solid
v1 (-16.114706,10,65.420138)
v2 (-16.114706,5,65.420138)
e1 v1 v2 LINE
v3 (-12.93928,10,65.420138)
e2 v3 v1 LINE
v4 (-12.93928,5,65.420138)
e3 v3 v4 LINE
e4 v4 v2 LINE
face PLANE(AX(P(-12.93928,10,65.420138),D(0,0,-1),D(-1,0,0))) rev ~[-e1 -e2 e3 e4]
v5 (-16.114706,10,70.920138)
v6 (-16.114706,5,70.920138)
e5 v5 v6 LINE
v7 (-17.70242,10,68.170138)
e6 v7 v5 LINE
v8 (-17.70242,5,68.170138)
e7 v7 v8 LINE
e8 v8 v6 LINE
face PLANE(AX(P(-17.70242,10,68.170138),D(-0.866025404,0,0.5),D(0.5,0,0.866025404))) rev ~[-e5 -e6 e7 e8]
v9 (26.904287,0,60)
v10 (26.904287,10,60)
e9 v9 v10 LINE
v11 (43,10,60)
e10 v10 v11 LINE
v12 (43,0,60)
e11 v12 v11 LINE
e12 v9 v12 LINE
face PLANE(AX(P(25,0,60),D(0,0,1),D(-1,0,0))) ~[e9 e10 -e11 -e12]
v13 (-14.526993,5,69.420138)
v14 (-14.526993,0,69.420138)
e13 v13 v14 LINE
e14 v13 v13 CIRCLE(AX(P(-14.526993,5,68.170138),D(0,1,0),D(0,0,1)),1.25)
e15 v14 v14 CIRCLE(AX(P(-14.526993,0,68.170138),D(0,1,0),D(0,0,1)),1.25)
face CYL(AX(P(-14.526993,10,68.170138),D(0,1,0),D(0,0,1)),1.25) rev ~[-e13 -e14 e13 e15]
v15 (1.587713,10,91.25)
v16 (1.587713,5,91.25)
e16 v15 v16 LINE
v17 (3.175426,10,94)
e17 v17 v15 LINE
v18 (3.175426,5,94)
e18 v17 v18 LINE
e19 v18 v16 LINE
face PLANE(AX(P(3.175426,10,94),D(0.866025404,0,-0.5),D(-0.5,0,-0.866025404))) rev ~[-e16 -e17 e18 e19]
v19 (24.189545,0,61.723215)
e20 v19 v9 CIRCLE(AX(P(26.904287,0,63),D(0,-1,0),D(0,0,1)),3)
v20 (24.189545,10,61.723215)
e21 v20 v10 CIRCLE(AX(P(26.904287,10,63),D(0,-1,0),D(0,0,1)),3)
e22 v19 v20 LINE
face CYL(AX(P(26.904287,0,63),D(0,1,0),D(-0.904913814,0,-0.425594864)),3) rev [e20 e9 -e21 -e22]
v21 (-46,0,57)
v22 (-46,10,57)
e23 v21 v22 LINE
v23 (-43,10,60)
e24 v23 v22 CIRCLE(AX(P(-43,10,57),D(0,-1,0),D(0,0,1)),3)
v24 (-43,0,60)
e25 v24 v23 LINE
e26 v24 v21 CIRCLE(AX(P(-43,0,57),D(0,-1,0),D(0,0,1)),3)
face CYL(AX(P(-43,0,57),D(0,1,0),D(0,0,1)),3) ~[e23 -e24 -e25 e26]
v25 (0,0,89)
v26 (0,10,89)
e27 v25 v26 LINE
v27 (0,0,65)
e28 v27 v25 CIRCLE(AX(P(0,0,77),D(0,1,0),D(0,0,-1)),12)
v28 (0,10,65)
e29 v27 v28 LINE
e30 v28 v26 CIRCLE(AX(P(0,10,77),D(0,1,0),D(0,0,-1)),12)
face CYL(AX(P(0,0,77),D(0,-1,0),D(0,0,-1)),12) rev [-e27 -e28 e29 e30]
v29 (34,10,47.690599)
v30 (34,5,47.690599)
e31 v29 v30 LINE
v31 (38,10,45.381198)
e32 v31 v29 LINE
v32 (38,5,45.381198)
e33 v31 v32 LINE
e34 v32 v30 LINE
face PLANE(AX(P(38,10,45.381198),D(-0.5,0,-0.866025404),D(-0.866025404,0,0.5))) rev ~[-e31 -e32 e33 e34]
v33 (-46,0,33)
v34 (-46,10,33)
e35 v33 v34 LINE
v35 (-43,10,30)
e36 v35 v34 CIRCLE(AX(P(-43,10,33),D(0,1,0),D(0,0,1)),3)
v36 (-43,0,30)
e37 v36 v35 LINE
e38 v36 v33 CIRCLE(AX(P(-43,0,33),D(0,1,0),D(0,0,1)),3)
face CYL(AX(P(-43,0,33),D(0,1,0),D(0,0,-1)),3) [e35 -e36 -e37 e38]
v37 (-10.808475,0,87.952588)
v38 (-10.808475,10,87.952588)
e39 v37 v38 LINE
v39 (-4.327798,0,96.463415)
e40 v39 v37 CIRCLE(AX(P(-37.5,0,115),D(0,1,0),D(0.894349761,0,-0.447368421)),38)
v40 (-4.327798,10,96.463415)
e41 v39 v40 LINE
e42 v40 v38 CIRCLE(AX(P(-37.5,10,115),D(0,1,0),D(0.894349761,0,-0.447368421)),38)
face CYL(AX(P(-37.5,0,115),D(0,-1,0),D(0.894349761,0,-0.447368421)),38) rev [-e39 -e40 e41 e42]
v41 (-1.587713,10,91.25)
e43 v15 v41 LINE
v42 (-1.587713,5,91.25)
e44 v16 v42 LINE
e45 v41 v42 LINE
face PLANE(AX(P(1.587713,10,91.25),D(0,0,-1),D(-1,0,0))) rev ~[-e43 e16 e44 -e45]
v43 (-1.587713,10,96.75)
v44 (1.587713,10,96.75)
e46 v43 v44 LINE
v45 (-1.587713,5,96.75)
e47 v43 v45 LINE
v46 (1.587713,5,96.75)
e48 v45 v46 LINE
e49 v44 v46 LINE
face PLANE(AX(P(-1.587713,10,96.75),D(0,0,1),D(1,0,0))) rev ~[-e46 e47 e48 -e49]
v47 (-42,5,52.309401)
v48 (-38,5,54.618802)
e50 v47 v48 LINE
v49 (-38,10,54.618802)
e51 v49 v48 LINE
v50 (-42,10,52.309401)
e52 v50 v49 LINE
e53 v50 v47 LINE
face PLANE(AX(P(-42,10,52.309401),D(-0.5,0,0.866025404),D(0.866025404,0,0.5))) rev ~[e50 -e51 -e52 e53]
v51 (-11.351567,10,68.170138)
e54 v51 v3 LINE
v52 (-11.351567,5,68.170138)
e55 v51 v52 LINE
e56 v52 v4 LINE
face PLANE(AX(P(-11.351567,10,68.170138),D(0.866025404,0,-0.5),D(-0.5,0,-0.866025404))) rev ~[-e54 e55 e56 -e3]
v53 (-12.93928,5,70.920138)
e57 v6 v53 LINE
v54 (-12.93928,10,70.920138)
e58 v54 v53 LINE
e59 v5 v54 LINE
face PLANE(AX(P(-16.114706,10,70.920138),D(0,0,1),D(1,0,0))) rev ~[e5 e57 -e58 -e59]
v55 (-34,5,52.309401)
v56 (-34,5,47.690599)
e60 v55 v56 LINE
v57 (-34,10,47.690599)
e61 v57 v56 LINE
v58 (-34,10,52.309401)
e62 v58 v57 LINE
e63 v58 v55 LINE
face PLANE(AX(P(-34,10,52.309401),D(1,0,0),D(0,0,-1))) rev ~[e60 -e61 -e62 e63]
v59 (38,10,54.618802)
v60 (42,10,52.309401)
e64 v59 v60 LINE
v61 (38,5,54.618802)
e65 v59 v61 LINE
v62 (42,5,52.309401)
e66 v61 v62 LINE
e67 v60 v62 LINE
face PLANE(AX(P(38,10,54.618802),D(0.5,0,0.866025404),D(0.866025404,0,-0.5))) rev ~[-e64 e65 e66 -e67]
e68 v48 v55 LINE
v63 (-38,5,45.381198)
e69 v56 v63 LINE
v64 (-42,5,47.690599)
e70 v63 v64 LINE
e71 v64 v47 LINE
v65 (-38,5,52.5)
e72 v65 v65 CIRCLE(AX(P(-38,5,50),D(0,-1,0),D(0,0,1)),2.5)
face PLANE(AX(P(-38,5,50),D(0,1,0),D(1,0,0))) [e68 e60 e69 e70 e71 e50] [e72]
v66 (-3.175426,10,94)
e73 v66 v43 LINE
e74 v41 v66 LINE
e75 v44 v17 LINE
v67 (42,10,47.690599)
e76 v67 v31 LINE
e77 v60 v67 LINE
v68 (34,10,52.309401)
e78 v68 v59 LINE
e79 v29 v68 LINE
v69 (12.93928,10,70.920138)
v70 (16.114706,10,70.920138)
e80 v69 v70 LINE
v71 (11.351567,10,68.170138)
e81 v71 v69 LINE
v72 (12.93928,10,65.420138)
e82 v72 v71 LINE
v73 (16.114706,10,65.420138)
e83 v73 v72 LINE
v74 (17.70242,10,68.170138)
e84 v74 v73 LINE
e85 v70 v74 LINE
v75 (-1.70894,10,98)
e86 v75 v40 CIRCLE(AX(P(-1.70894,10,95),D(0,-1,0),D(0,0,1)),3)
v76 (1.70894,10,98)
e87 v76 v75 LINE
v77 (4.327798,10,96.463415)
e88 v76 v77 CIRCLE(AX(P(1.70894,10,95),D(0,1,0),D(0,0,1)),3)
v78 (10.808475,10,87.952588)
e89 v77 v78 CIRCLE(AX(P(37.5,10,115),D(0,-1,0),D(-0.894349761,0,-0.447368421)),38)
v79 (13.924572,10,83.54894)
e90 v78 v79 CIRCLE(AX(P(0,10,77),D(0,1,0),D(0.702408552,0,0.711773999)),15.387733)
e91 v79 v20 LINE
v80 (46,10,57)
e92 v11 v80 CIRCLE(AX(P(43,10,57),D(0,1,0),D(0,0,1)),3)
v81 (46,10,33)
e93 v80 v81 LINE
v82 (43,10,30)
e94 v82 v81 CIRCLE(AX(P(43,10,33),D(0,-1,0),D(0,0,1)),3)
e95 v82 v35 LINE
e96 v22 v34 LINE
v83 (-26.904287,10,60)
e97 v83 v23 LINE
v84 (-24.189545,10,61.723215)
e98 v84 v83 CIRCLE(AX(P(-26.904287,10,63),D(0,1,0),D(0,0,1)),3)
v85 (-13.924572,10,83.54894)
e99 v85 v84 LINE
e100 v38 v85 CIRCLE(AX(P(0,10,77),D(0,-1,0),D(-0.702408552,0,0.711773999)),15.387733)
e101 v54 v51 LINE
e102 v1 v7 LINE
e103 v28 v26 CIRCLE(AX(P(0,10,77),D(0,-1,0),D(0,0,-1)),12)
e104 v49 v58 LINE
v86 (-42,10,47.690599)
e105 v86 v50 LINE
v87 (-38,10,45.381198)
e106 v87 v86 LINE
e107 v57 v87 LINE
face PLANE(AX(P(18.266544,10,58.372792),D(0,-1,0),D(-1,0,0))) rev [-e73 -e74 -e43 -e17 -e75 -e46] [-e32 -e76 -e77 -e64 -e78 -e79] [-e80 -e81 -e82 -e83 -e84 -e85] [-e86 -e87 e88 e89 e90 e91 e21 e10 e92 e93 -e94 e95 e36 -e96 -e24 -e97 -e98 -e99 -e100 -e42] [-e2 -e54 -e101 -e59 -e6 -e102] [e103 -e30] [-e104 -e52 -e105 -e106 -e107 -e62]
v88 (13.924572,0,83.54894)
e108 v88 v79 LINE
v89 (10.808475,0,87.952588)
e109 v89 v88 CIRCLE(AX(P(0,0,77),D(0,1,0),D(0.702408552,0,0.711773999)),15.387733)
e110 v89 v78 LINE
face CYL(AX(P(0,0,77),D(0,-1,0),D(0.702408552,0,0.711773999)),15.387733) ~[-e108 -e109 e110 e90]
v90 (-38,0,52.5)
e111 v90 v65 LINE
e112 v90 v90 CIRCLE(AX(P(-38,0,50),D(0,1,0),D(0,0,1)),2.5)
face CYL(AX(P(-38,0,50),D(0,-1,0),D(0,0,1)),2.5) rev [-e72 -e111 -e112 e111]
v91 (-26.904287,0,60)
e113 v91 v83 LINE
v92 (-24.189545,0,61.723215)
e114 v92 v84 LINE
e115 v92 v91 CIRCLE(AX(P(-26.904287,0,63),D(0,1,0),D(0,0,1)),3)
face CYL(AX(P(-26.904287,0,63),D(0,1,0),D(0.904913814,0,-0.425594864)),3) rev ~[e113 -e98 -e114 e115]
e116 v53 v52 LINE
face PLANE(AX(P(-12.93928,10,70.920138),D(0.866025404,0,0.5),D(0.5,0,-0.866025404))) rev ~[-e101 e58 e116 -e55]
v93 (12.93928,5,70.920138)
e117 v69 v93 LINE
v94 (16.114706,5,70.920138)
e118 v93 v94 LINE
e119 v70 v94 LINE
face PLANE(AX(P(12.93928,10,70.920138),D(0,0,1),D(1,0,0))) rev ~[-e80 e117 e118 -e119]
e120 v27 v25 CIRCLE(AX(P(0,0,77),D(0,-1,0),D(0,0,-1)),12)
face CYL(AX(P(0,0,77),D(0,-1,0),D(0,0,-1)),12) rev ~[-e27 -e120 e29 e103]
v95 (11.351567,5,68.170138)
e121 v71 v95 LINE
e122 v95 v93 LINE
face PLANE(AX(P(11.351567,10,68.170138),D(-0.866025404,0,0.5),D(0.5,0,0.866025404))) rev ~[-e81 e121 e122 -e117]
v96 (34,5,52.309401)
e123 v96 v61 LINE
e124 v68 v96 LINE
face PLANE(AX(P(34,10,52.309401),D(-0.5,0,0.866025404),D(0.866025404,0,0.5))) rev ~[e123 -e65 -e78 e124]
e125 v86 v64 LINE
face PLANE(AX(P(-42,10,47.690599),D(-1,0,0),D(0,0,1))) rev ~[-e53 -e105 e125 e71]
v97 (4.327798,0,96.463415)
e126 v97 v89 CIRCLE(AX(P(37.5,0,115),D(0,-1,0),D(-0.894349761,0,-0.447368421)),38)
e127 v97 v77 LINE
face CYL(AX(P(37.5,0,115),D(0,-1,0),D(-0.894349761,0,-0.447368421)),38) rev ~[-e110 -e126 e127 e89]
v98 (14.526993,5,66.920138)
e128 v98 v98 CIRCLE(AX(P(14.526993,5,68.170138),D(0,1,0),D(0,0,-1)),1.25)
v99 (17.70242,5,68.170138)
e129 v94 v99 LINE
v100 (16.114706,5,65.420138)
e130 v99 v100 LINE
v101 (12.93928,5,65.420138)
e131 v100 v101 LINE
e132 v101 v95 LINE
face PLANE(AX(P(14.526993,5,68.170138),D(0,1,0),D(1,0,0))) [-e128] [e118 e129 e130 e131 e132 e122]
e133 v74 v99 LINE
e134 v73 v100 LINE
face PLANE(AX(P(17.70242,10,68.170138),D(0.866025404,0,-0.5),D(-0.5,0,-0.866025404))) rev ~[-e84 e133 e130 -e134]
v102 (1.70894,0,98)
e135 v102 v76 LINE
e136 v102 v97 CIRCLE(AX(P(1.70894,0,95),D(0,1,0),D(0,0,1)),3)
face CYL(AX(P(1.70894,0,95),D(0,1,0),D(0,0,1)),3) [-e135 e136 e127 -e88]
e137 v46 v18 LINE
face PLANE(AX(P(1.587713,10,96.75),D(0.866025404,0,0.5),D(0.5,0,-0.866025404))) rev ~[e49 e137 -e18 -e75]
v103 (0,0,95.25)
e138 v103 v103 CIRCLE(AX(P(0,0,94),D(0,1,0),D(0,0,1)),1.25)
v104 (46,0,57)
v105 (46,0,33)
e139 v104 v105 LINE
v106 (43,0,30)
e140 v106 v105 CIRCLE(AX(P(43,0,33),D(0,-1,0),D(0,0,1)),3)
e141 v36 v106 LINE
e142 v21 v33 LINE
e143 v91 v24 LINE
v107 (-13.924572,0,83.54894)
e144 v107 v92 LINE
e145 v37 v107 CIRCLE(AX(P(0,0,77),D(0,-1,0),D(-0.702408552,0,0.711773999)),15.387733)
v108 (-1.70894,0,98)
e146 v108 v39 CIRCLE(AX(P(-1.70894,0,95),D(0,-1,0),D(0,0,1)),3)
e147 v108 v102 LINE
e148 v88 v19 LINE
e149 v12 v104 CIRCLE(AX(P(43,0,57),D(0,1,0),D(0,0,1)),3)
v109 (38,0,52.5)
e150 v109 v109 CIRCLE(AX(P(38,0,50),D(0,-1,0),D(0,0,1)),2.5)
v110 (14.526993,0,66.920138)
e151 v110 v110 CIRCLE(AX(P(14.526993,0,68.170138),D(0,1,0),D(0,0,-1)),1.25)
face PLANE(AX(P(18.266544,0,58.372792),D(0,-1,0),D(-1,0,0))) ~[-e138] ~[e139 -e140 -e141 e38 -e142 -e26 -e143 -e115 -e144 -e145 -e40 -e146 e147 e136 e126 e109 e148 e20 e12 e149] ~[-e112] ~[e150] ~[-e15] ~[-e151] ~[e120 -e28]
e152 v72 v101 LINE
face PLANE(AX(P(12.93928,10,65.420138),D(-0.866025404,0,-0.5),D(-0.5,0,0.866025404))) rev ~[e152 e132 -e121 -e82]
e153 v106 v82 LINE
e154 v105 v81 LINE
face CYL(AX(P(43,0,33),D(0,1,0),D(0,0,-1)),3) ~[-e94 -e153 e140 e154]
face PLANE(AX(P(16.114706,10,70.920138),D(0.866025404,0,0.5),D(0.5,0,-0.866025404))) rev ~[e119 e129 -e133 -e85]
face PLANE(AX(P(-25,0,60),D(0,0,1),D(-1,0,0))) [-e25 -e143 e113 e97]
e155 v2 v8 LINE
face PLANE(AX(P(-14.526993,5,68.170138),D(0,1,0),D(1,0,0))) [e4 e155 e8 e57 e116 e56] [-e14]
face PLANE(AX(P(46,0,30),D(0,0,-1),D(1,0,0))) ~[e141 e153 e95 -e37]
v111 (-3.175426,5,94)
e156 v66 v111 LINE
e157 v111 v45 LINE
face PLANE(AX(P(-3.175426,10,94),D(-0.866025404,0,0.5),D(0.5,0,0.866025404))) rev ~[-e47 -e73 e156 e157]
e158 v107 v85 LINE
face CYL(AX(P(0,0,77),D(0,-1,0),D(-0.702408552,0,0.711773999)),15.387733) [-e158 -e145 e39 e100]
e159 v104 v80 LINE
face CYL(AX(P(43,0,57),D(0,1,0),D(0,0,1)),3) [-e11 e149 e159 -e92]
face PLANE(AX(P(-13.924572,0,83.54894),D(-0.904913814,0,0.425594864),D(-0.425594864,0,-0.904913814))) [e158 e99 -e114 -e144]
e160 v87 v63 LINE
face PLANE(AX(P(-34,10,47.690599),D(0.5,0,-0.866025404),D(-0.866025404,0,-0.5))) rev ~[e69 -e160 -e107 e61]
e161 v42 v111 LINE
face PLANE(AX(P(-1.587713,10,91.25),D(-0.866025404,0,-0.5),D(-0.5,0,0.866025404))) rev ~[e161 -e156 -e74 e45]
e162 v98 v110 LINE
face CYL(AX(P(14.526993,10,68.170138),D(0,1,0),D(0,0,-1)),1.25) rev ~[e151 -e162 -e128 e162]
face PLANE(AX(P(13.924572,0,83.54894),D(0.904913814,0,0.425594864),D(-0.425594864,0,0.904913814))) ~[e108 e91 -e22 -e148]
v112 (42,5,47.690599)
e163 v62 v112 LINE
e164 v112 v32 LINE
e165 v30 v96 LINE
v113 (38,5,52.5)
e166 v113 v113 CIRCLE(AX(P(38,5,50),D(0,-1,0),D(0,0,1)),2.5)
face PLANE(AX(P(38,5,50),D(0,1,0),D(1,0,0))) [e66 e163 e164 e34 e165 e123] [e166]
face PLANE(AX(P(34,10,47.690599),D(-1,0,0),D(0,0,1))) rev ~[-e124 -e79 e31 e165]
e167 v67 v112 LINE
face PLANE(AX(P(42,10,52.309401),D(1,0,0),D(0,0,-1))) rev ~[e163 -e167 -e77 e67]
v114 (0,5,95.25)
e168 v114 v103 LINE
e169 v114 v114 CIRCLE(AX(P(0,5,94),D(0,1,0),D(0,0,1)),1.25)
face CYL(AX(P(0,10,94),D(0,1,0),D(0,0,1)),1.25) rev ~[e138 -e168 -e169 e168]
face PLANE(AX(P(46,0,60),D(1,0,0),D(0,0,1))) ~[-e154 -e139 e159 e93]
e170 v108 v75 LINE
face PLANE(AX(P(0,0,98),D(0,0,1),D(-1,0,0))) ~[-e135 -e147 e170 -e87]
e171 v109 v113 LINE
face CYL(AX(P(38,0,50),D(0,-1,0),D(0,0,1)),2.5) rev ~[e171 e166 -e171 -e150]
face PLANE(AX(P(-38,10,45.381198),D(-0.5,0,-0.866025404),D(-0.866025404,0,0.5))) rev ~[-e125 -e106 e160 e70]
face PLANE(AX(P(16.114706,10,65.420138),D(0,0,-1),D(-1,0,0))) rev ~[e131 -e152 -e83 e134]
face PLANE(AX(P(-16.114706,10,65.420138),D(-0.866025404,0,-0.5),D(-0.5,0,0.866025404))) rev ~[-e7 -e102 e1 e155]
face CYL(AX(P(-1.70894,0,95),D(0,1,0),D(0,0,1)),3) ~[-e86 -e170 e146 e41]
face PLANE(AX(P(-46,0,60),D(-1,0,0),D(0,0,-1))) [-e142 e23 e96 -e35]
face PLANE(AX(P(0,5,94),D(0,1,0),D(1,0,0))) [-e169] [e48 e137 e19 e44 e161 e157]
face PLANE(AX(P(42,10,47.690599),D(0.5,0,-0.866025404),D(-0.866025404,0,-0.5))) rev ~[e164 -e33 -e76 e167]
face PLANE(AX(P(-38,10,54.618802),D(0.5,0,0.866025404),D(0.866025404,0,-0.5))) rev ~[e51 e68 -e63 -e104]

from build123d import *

# Parameters (mm, degrees)
ESQUISSE2_R             = 2.5
BOSS_EXTRU_1_DEPTH      = 10
CONG_1_R                = 3
ESQUISSE4_R             = 1.25
ENL_V_MAT_EXTRU_2_DEPTH = 109.719823399
ENL_V_MAT_EXTRU_3_DEPTH = 5


with BuildPart() as part:
    # Esquisse2 → Boss.-Extru.1 (new body)
    with BuildSketch(Plane(origin=(0, 0, 0), x_dir=(1, 0, 0), z_dir=(0, 1, 0))):
        with BuildLine():
            Line((0, -98), (-3.514709064, -98))
            ThreePointArc((-3.514709064, -98), (-6.748469646, -92.676394089), (-10.808475025, -87.952588026))
            ThreePointArc((-10.808475025, -87.952588026), (-12.561008366, -85.888384873), (-13.92457187, -83.548939995))
            Line((-13.92457187, -83.548939995), (-25, -60))
            Line((-25, -60), (-46, -60))
            Line((-46, -60), (-46, -30))
            Line((-46, -30), (0, -30))
            Line((0, -30), (0, -43.5))
            Line((0, -43.5), (0, -46.5))
            Line((0, -46.5), (0, -65))
            ThreePointArc((0, -65), (-12, -77), (0, -89))
            Line((0, -89), (0, -98))
        make_face()
        with Locations(Location((-38, -50, 0), (0, 0, 270))):
            Circle(ESQUISSE2_R, mode=Mode.SUBTRACT)
    extrude(amount=BOSS_EXTRU_1_DEPTH)

    # Congé1
    cong_1_edges = [part.edges().sort_by_distance(p)[0] for p in [
        (-46, 5, 30),
        (-3.514709064, 5, 98),
        (-25, 5, 60),
        (-46, 5, 60),
    ]]
    fillet(cong_1_edges, radius=CONG_1_R)

    # Symétrie1: part across face


with BuildPart() as part_1:
    add(part.part)
    add(part.part.mirror(Plane(origin=(0, 5, 47.5), x_dir=(0, 0, 1), z_dir=(1, 0, 0))))

    # Esquisse4 → Enlèv. mat.-Extru.2 (cut, through all)
    with BuildSketch(Plane(origin=(0, 10, 0), x_dir=(1, 0, 0), z_dir=(0, 1, 0))):
        with Locations(Location((-14.526993136, -68.170137576, 0), (0, 0, 270))):
            Circle(ESQUISSE4_R)
        with Locations(Location((0, -94, 0), (0, 0, 270))):
            Circle(ESQUISSE4_R)
        with Locations(Location((14.526993136, -68.170137576, 0), (0, 0, 90))):
            Circle(ESQUISSE4_R)
    extrude(amount=-ENL_V_MAT_EXTRU_2_DEPTH, mode=Mode.SUBTRACT)

    # Esquisse5 → Enlèv. mat.-Extru.3 (cut)
    with BuildSketch(Plane(origin=(0, 10, 0), x_dir=(1, 0, 0), z_dir=(0, 1, 0))):
        Polygon((-11.351566655, -68.170137576), (-12.939279895, -65.420137576), (-16.114706376, -65.420137576), (-17.702419616, -68.170137576), (-16.114706376, -70.920137576), (-12.939279895, -70.920137576), align=None)
        Polygon((17.702419616, -68.170137576), (16.114706376, -65.420137576), (12.939279895, -65.420137576), (11.351566655, -68.170137576), (12.939279895, -70.920137576), (16.114706376, -70.920137576), align=None)
        Polygon((3.175426481, -94), (1.58771324, -91.25), (-1.58771324, -91.25), (-3.175426481, -94), (-1.58771324, -96.75), (1.58771324, -96.75), align=None)
        Polygon((-34, -47.690598923), (-38, -45.381197846), (-42, -47.690598923), (-42, -52.309401077), (-38, -54.618802154), (-34, -52.309401077), align=None)
        Polygon((42, -52.309401077), (42, -47.690598923), (38, -45.381197846), (34, -47.690598923), (34, -52.309401077), (38, -54.618802154), align=None)
    extrude(amount=-ENL_V_MAT_EXTRU_3_DEPTH, mode=Mode.SUBTRACT)


solid = part_1.part
